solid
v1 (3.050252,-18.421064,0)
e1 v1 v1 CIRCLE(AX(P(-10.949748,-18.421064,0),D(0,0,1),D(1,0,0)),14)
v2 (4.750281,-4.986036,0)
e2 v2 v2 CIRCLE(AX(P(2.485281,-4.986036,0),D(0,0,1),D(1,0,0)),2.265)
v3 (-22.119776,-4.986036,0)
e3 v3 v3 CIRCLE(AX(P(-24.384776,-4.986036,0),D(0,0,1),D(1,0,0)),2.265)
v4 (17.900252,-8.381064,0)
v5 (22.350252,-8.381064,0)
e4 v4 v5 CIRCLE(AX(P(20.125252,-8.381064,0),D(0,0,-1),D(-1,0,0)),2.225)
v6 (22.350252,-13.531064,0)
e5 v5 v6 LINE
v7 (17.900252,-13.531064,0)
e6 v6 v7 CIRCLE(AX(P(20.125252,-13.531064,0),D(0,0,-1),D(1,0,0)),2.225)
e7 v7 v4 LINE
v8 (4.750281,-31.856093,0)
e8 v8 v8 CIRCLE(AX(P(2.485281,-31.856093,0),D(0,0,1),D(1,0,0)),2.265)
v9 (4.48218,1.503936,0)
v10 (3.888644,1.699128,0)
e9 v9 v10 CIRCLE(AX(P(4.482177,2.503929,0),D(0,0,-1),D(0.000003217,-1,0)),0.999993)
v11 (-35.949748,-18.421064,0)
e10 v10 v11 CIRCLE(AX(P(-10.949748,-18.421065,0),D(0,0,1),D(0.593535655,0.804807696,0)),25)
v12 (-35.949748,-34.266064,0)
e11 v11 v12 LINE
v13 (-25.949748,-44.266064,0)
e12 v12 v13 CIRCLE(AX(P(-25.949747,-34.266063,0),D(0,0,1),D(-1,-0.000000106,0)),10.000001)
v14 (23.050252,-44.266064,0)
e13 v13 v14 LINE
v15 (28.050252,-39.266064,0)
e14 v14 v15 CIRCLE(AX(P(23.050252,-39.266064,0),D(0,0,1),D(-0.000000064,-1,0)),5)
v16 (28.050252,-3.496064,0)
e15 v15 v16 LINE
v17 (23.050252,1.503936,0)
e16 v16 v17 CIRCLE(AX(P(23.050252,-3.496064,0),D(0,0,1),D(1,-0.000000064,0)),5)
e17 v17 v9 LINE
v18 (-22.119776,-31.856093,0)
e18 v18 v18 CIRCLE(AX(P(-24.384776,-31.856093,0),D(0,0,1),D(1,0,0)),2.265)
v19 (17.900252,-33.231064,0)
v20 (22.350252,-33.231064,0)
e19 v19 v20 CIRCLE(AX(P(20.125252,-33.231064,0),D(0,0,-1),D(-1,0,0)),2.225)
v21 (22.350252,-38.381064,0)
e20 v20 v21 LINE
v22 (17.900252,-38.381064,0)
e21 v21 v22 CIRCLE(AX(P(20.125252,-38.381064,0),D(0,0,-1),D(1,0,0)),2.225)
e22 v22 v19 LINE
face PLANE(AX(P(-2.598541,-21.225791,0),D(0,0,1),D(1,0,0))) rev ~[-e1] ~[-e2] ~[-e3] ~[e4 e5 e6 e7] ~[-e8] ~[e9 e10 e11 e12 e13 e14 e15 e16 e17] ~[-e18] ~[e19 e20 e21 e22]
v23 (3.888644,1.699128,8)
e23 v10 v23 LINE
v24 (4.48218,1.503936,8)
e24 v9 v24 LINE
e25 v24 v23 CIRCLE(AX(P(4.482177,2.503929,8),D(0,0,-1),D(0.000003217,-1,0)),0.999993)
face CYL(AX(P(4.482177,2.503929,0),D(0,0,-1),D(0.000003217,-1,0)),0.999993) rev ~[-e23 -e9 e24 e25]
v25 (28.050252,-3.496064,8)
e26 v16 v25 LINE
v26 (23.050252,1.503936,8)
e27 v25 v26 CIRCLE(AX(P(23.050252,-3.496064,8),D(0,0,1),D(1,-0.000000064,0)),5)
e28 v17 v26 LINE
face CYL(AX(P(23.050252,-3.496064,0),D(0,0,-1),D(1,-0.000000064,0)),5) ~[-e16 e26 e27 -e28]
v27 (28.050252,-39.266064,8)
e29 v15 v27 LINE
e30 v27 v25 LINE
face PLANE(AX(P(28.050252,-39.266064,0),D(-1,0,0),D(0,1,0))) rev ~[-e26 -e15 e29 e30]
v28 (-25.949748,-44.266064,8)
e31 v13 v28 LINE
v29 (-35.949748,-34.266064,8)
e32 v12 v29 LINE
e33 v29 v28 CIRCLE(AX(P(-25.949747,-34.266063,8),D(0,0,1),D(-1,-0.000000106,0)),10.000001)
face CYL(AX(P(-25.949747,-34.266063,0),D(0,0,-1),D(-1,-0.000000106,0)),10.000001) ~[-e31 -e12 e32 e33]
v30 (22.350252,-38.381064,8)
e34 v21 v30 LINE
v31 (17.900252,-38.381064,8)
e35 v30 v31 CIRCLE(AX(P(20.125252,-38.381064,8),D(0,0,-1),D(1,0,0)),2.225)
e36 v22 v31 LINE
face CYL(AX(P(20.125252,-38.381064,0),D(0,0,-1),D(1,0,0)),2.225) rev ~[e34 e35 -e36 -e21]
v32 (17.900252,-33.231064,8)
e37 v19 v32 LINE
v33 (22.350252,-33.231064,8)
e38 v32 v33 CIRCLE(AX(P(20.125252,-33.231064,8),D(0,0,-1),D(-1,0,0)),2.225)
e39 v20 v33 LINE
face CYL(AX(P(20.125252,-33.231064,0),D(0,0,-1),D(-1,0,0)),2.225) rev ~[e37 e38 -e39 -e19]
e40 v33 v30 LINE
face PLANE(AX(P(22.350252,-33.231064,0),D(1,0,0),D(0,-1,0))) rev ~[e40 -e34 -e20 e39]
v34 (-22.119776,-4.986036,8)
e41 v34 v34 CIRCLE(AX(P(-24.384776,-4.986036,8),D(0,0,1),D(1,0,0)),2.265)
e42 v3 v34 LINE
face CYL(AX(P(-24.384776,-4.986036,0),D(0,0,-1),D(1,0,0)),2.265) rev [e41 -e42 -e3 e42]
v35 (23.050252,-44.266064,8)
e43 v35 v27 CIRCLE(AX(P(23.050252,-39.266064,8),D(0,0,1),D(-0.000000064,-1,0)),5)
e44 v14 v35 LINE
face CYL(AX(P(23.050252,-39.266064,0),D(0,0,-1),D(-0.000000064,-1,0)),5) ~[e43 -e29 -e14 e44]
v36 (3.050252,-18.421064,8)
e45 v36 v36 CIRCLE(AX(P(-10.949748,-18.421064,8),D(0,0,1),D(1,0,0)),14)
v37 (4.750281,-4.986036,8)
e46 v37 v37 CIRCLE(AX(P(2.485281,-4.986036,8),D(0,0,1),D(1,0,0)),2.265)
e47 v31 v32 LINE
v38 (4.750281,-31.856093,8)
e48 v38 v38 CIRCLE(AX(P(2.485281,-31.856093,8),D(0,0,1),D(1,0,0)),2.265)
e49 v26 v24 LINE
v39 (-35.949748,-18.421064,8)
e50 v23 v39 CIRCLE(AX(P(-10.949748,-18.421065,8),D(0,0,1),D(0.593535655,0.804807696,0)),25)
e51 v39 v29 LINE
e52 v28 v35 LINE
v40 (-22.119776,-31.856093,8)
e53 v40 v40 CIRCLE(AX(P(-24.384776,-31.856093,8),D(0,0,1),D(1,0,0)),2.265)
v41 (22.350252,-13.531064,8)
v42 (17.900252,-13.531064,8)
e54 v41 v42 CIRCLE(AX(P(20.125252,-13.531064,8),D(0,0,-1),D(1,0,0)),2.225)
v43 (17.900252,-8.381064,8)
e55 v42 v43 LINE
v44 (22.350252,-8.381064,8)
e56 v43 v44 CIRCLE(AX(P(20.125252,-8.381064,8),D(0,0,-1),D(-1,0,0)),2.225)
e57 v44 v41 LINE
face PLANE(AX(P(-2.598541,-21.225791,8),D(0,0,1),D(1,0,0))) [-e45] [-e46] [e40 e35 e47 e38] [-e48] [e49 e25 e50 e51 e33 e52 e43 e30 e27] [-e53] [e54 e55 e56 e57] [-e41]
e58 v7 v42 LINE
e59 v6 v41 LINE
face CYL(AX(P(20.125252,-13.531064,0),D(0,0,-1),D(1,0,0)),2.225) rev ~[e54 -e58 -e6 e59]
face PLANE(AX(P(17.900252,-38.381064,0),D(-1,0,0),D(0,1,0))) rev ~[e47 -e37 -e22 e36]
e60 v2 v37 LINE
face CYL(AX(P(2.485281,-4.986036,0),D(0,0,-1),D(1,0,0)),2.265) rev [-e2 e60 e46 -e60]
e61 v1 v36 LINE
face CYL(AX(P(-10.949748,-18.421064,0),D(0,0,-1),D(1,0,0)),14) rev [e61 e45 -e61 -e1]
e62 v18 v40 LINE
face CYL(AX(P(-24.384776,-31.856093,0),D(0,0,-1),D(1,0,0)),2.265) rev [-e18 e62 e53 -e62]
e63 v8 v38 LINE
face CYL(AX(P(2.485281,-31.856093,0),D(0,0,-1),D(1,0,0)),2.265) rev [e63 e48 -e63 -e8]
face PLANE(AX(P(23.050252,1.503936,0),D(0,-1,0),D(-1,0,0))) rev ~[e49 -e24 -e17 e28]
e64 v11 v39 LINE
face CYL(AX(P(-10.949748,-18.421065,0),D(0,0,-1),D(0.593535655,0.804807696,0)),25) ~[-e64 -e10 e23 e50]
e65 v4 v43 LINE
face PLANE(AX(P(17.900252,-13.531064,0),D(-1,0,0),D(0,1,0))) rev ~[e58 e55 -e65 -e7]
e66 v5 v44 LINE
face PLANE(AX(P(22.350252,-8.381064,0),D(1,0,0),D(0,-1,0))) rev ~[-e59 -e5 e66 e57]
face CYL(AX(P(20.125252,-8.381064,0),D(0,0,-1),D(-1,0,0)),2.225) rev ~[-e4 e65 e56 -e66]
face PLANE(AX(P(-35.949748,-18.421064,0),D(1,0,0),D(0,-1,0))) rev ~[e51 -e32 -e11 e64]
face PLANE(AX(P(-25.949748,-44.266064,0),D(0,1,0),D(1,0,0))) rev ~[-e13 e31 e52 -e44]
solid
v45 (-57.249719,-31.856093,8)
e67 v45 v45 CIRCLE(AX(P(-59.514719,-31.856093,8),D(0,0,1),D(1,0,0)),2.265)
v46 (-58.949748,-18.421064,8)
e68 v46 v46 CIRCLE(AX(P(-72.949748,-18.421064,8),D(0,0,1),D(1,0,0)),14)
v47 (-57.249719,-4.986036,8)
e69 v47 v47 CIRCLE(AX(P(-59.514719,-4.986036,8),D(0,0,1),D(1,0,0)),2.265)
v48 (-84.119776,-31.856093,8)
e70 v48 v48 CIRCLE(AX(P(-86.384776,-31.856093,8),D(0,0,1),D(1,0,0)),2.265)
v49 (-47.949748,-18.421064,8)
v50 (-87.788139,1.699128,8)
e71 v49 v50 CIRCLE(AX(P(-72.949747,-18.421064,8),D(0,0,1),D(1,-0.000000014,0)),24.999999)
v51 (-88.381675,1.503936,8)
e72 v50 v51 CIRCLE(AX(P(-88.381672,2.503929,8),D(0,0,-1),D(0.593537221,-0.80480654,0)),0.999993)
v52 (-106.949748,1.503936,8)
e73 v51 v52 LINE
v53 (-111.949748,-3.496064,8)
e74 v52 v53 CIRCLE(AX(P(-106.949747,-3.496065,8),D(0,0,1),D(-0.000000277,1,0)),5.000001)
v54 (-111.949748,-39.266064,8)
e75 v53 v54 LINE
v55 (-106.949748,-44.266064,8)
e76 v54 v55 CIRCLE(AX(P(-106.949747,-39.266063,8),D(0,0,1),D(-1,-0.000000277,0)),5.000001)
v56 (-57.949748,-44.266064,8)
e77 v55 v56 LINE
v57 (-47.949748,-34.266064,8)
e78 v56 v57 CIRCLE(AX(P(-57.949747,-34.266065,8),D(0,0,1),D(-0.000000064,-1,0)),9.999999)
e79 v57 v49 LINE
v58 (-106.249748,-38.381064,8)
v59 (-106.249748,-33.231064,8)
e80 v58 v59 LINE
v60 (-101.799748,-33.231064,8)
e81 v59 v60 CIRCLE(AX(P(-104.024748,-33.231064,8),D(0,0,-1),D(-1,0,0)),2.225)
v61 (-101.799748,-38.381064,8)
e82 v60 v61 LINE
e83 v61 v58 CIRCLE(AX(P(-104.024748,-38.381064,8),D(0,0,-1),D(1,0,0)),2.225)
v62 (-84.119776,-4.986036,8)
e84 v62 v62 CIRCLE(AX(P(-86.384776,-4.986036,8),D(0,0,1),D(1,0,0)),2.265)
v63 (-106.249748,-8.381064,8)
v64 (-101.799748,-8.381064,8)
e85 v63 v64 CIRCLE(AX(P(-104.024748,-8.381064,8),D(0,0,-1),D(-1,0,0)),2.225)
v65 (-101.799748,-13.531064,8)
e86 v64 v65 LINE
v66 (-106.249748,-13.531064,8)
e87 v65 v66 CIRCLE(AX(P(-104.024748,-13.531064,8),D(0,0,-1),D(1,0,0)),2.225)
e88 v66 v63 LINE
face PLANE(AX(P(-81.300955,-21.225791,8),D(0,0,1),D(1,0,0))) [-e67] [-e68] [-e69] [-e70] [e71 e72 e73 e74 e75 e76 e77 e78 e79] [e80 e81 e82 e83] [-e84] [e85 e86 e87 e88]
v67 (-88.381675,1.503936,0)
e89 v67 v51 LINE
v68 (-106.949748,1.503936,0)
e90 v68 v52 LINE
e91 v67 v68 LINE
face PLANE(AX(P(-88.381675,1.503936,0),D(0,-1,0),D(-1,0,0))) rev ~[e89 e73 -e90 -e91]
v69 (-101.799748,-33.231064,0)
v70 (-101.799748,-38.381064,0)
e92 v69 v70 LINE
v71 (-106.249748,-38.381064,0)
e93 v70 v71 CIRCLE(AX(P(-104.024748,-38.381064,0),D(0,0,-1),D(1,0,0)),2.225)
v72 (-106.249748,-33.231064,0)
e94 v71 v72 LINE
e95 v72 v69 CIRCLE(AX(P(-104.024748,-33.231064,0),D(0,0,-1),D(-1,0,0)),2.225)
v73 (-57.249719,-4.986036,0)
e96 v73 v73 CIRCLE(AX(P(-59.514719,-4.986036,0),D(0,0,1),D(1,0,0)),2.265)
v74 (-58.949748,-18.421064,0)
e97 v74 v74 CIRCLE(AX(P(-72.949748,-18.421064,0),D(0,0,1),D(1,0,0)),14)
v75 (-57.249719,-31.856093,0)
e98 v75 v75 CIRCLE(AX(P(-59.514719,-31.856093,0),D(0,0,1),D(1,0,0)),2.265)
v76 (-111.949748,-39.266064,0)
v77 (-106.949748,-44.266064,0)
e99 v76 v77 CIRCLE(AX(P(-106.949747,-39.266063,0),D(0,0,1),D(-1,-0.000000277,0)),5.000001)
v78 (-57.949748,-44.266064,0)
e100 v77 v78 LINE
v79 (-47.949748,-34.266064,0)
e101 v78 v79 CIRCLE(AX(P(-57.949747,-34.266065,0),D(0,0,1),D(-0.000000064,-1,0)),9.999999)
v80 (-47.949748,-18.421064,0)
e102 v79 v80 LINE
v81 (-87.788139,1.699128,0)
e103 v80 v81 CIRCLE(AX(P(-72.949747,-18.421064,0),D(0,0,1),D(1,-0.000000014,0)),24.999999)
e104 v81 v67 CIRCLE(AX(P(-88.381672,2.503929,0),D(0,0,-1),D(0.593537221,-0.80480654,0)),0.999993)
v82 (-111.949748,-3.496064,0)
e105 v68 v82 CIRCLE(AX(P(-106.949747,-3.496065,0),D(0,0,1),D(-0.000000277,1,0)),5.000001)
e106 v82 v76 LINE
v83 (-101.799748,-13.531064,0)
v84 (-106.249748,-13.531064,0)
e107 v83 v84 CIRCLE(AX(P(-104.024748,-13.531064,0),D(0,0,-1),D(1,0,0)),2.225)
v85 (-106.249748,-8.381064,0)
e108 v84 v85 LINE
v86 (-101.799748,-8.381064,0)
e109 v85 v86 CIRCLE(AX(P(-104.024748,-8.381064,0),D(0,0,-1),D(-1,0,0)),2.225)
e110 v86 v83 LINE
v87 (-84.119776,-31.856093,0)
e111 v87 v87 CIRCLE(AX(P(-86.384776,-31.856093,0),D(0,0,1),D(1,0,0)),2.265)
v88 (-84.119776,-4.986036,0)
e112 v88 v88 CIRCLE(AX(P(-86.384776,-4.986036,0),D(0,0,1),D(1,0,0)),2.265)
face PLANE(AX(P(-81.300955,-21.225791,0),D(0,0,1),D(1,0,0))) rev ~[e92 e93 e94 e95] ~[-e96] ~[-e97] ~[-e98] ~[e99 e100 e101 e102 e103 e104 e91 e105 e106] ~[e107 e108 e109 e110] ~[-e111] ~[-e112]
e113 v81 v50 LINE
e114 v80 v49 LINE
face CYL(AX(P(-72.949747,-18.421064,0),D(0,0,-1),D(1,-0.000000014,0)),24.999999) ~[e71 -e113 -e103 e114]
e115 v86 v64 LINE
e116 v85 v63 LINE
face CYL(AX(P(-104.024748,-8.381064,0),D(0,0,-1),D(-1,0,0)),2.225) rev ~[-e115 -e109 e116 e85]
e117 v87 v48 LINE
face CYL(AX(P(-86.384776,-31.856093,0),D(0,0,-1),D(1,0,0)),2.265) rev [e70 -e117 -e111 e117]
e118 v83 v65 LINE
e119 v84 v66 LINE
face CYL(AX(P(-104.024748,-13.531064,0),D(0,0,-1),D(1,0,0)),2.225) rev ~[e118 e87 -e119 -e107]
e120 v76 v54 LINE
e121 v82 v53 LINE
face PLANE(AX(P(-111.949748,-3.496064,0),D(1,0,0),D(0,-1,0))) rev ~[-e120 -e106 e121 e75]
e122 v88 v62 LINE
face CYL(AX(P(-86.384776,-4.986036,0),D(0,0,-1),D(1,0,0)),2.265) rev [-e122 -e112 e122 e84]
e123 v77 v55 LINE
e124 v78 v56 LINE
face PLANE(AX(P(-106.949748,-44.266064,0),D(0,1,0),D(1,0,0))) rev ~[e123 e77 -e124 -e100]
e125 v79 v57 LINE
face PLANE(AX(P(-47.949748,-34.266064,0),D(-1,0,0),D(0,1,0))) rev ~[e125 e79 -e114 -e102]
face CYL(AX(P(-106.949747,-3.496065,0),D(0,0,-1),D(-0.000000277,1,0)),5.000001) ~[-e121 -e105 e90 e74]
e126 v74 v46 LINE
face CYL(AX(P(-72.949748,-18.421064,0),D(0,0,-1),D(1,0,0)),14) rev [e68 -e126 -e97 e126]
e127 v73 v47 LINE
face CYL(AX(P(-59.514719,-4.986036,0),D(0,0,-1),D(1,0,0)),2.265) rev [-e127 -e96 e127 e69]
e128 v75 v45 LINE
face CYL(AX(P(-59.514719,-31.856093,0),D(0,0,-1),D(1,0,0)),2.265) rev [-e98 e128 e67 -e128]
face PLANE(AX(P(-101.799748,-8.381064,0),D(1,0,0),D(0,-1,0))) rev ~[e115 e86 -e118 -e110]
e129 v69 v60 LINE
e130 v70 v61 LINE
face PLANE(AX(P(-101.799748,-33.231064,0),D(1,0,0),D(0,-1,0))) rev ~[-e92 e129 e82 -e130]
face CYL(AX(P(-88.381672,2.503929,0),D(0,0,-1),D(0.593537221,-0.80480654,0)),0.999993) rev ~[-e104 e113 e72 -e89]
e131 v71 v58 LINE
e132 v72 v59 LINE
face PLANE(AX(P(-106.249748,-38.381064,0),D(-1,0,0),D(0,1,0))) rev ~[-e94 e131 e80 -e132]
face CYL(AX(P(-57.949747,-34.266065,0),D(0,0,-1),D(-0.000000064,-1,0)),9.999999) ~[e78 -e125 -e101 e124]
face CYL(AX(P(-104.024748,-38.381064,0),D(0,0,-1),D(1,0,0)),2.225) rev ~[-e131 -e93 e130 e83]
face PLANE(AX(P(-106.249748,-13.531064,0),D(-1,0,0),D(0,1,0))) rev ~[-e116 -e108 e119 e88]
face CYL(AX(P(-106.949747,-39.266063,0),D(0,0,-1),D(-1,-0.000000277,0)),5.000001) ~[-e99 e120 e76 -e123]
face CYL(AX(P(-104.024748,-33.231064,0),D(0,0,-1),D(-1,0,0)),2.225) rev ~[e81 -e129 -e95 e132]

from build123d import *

# Parameters (mm, degrees)
F0_R     = 2.265
F0_R_2   = 14
F1_DEPTH = 8


with BuildPart() as f1:
    # F0 (on Top) → F1 (new body)
    with BuildSketch(Plane.XY):
        with BuildLine():
            Line((-88.381675, 1.503936), (-106.949748, 1.503936))
            ThreePointArc((-106.949748, 1.503936), (-110.485281, 0.03947), (-111.949748, -3.496064))
            Line((-111.949748, -3.496064), (-111.949748, -39.266064))
            ThreePointArc((-111.949748, -39.266064), (-110.485281, -42.801598), (-106.949748, -44.266064))
            Line((-106.949748, -44.266064), (-84.717208, -44.266064))
            Line((-84.717208, -44.266064), (-57.949748, -44.266064))
            ThreePointArc((-57.949748, -44.266064), (-50.87868, -41.337132), (-47.949748, -34.266064))
            Line((-47.949748, -34.266064), (-47.949748, -18.421064))
            ThreePointArc((-47.949748, -18.421064), (-61.679428, 3.894399), (-87.788139, 1.699128))
            ThreePointArc((-87.788139, 1.699128), (-88.069271, 1.553986), (-88.381675, 1.503936))
        make_face()
        with BuildLine():
            Line((-101.799748, -33.231064), (-101.799748, -38.381064))
            ThreePointArc((-101.799748, -38.381064), (-104.024748, -40.606064), (-106.249748, -38.381064))
            Line((-106.249748, -38.381064), (-106.249748, -33.231064))
            ThreePointArc((-106.249748, -33.231064), (-104.024748, -31.006064), (-101.799748, -33.231064))
        make_face(mode=Mode.SUBTRACT)
        with Locations((-86.384776, -31.856093)):
            Circle(F0_R, mode=Mode.SUBTRACT)
        with Locations((-59.514719, -31.856093)):
            Circle(F0_R, mode=Mode.SUBTRACT)
        with BuildLine():
            Line((-106.249748, -13.531064), (-106.249748, -8.381064))
            ThreePointArc((-106.249748, -8.381064), (-104.024748, -6.156064), (-101.799748, -8.381064))
            Line((-101.799748, -8.381064), (-101.799748, -13.531064))
            ThreePointArc((-101.799748, -13.531064), (-104.024748, -15.756064), (-106.249748, -13.531064))
        make_face(mode=Mode.SUBTRACT)
        with Locations((-72.949748, -18.421064)):
            Circle(F0_R_2, mode=Mode.SUBTRACT)
        with Locations((-86.384776, -4.986036)):
            Circle(F0_R, mode=Mode.SUBTRACT)
        with Locations((-59.514719, -4.986036)):
            Circle(F0_R, mode=Mode.SUBTRACT)
        with BuildLine():
            Line((23.050252, 1.503936), (4.48218, 1.503936))
            ThreePointArc((4.48218, 1.503936), (4.169776, 1.553986), (3.888644, 1.699128))
            ThreePointArc((3.888644, 1.699128), (-22.220067, 3.894399), (-35.949748, -18.421064))
            Line((-35.949748, -18.421064), (-35.949748, -34.266064))
            ThreePointArc((-35.949748, -34.266064), (-33.020815, -41.337132), (-25.949748, -44.266064))
            Line((-25.949748, -44.266064), (0.817713, -44.266064))
            Line((0.817713, -44.266064), (23.050252, -44.266064))
            ThreePointArc((23.050252, -44.266064), (26.585786, -42.801598), (28.050252, -39.266064))
            Line((28.050252, -39.266064), (28.050252, -3.496064))
            ThreePointArc((28.050252, -3.496064), (26.585786, 0.03947), (23.050252, 1.503936))
        make_face()
        with Locations((-24.384776, -31.856093)):
            Circle(F0_R, mode=Mode.SUBTRACT)
        with Locations((2.485281, -31.856093)):
            Circle(F0_R, mode=Mode.SUBTRACT)
        with BuildLine():
            Line((22.350252, -33.231064), (22.350252, -38.381064))
            ThreePointArc((22.350252, -38.381064), (20.125252, -40.606064), (17.900252, -38.381064))
            Line((17.900252, -38.381064), (17.900252, -33.231064))
            ThreePointArc((17.900252, -33.231064), (20.125252, -31.006064), (22.350252, -33.231064))
        make_face(mode=Mode.SUBTRACT)
        with Locations((-10.949748, -18.421064)):
            Circle(F0_R_2, mode=Mode.SUBTRACT)
        with BuildLine():
            Line((17.900252, -13.531064), (17.900252, -8.381064))
            ThreePointArc((17.900252, -8.381064), (20.125252, -6.156064), (22.350252, -8.381064))
            Line((22.350252, -8.381064), (22.350252, -13.531064))
            ThreePointArc((22.350252, -13.531064), (20.125252, -15.756064), (17.900252, -13.531064))
        make_face(mode=Mode.SUBTRACT)
        with Locations((-24.384776, -4.986036)):
            Circle(F0_R, mode=Mode.SUBTRACT)
        with Locations((2.485281, -4.986036)):
            Circle(F0_R, mode=Mode.SUBTRACT)
    extrude(amount=F1_DEPTH)


solid = f1.part
